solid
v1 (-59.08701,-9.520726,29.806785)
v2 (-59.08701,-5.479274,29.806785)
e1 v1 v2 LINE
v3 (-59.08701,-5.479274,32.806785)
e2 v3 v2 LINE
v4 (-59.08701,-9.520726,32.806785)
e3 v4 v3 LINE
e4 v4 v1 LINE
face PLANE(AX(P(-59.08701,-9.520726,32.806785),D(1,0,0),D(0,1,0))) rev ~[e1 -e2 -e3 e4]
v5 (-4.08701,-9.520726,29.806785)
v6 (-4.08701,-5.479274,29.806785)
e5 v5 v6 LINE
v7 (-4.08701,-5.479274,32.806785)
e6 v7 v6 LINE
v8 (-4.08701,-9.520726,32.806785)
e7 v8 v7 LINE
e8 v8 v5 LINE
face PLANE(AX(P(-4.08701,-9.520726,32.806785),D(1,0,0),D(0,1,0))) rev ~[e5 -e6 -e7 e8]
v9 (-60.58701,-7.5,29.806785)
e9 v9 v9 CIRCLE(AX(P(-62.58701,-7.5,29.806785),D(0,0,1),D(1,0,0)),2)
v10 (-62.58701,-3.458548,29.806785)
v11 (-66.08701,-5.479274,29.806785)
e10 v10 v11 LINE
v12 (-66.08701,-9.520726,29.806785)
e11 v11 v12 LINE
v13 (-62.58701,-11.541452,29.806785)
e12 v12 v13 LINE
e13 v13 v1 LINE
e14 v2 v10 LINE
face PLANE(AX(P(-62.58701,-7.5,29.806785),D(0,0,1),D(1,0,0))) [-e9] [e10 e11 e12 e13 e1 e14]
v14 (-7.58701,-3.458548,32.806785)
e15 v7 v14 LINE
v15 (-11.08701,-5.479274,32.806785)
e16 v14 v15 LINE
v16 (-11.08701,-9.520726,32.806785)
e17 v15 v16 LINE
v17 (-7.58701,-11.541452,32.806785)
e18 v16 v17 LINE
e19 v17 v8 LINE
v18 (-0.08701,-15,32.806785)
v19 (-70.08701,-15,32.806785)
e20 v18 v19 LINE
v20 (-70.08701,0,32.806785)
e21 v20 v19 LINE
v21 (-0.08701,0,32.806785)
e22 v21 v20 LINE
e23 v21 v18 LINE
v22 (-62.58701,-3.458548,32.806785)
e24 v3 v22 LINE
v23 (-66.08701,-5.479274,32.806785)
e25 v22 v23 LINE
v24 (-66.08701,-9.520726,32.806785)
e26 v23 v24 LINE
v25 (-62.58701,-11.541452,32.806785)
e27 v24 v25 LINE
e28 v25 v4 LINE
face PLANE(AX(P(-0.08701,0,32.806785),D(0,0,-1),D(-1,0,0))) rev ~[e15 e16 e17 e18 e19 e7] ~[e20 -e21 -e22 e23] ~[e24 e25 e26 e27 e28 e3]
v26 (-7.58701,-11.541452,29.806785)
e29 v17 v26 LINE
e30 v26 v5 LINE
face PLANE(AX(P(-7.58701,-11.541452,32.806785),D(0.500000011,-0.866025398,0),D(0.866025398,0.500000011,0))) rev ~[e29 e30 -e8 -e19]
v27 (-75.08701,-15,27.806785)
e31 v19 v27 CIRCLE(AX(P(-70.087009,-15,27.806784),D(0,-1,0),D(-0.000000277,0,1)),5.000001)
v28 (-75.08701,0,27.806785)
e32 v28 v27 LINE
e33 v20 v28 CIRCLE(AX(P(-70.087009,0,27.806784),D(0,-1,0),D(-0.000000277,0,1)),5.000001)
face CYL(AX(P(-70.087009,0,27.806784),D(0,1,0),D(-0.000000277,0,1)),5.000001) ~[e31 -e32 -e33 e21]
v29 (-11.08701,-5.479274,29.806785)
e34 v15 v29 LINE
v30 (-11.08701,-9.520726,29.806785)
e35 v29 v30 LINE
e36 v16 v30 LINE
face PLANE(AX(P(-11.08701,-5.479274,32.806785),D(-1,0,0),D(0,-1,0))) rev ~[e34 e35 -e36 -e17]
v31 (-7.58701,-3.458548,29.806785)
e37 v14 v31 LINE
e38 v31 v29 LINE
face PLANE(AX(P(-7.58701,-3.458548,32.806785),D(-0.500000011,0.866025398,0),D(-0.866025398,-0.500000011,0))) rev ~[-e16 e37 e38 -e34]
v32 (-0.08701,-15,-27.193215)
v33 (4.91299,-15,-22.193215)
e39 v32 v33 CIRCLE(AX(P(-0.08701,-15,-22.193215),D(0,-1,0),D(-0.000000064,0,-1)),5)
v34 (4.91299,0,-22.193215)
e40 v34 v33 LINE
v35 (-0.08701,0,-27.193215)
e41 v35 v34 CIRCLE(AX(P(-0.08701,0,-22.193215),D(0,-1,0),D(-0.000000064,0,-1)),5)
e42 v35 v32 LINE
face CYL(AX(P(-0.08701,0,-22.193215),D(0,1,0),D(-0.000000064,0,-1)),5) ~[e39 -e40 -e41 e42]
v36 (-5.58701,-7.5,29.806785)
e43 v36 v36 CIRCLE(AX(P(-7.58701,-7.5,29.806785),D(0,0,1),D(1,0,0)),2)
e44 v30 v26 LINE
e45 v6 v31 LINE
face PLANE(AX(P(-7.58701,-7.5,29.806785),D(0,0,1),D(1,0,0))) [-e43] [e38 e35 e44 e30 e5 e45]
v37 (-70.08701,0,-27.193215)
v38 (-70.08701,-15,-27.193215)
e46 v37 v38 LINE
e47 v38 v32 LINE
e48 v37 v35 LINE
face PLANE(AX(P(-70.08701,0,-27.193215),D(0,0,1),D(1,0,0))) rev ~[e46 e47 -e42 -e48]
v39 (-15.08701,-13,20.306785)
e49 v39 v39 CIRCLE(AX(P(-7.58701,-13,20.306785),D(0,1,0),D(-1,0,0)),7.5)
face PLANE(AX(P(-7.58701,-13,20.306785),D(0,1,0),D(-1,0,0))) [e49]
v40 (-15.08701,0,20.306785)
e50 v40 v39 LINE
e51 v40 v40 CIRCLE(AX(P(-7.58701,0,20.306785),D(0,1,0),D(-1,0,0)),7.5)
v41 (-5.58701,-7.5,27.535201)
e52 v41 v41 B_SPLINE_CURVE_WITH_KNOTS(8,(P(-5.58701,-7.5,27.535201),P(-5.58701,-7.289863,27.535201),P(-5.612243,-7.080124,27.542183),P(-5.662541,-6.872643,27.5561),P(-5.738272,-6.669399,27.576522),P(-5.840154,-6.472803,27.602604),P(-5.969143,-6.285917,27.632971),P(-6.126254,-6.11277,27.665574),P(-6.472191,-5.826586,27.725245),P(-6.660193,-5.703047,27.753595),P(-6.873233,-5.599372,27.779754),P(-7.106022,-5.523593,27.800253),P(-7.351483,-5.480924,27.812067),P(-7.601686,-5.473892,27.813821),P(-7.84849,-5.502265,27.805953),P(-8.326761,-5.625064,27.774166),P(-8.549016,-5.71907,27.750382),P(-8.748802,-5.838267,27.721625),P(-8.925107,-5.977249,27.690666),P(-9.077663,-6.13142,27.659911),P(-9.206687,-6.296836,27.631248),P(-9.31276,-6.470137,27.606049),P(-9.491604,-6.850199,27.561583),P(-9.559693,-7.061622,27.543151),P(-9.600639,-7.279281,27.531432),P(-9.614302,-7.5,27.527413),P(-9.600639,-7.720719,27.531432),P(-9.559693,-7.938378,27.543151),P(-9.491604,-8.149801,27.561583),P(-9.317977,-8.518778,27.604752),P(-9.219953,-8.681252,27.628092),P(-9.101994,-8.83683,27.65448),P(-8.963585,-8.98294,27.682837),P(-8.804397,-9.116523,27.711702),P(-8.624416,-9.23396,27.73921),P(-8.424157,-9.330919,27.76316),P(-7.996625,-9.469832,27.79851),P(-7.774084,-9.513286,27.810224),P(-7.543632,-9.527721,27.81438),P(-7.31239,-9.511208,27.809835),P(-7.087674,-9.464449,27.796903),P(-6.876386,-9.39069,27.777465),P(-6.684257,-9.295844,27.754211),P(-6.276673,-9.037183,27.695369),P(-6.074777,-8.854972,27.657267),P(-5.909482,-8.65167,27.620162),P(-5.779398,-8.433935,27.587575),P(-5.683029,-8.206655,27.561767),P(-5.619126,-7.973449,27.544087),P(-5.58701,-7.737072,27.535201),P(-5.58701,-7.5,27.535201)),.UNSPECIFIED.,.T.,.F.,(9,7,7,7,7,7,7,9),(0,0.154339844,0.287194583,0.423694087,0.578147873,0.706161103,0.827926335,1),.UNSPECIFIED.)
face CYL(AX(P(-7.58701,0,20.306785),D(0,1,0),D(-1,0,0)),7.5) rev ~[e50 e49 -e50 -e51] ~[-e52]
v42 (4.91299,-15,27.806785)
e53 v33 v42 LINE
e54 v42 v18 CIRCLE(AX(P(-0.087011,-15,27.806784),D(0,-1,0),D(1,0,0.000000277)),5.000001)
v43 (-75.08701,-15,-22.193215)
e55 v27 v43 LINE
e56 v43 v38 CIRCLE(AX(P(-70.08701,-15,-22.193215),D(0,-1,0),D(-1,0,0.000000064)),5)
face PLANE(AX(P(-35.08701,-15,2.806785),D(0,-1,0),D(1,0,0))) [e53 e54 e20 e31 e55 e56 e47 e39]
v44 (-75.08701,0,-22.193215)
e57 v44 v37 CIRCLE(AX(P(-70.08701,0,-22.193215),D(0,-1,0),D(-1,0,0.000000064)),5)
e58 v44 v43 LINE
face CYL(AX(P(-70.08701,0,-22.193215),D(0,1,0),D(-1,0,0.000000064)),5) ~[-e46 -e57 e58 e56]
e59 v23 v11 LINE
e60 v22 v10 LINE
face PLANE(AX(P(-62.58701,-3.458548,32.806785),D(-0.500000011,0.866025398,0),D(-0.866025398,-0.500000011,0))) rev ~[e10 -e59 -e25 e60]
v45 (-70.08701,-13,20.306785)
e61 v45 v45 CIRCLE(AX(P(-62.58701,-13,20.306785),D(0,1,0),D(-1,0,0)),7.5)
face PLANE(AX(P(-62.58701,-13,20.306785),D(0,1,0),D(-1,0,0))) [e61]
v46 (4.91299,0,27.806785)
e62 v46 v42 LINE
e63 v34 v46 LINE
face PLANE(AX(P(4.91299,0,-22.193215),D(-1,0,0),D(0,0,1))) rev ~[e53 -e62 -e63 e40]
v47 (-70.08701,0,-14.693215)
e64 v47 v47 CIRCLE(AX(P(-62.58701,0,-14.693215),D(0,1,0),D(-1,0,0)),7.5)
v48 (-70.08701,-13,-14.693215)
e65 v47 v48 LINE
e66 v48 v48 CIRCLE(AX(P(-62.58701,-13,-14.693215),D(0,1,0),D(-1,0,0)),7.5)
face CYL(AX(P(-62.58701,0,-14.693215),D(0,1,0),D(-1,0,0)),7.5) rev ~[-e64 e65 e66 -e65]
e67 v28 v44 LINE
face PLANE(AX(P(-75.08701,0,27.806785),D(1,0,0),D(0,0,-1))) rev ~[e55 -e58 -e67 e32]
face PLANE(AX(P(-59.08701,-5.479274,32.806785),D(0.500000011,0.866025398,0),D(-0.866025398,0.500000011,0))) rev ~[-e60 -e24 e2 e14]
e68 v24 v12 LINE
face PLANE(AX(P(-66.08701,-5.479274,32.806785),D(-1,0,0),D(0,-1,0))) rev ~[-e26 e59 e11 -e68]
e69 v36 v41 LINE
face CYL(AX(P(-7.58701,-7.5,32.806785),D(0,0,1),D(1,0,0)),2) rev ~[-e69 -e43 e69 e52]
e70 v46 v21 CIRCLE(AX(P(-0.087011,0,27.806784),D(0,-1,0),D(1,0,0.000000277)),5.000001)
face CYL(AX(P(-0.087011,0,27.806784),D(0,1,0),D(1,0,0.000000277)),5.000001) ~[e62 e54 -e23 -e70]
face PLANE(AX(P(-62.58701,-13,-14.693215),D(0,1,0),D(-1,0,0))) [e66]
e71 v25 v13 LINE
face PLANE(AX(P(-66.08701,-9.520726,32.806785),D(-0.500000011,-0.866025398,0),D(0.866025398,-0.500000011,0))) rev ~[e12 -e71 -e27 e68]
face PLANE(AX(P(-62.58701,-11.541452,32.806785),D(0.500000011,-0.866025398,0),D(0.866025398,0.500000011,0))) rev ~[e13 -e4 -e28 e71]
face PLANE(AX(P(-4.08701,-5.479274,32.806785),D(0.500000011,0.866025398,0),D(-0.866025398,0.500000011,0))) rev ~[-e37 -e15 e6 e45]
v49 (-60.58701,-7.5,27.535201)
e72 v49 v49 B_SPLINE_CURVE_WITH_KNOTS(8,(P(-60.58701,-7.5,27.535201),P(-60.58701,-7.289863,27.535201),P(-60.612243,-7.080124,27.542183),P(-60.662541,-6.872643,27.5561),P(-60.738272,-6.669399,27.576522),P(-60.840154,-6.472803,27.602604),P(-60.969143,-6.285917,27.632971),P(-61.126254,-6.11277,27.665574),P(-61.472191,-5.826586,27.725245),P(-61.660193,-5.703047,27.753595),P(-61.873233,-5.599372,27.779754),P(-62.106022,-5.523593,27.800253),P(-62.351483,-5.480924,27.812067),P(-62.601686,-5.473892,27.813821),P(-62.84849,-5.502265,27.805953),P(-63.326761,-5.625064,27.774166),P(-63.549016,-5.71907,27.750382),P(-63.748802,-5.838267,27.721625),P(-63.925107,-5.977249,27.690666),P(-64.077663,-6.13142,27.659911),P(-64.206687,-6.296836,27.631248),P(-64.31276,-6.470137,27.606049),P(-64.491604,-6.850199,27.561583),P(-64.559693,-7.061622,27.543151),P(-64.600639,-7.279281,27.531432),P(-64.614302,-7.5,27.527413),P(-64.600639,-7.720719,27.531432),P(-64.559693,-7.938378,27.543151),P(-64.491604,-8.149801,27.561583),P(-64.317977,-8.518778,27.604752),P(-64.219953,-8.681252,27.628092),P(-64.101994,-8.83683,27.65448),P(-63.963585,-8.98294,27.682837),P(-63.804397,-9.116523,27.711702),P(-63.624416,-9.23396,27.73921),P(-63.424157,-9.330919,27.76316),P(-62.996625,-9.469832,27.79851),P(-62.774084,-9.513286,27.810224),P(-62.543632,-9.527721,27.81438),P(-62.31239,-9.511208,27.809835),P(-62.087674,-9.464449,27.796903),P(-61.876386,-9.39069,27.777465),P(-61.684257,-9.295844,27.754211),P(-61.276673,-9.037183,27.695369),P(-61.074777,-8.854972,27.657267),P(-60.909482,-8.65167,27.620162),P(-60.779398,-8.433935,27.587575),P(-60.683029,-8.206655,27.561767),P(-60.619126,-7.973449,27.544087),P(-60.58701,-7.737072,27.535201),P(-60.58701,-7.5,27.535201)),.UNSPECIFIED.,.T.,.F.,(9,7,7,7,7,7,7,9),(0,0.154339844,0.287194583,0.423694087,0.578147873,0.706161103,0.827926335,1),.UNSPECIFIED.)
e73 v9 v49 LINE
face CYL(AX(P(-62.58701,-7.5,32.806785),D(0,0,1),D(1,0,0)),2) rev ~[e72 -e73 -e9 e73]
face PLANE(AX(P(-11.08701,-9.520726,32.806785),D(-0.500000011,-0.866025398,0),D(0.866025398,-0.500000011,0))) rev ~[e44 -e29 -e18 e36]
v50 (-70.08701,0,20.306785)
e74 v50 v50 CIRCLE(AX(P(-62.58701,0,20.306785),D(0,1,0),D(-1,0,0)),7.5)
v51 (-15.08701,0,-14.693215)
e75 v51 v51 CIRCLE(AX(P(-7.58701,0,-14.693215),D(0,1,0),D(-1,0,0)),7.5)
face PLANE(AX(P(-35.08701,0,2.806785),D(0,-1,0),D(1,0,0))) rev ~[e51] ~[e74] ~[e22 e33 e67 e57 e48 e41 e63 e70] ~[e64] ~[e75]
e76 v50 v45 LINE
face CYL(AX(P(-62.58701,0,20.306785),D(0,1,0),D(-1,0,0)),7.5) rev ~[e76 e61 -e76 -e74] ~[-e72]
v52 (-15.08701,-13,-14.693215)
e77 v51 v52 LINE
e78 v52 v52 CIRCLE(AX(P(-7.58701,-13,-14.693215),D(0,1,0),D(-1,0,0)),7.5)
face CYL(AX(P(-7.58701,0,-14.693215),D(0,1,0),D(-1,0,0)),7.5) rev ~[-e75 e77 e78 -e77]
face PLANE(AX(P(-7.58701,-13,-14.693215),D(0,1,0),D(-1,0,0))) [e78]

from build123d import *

# Parameters (mm, degrees)
F1_DEPTH = 15
F2_R     = 7.5
F3_DEPTH = 13
F4_R     = 2
F5_DEPTH = 6
F7_DEPTH = 3


with BuildPart() as f1:
    # F0 (on Front) → F1 (new body)
    with BuildSketch(Plane.XZ):
        with BuildLine():
            Line((-0.08701, 32.806785), (-70.08701, 32.806785))
            ThreePointArc((-70.08701, 32.806785), (-73.622544, 31.342318), (-75.08701, 27.806785))
            Line((-75.08701, 27.806785), (-75.08701, -22.193215))
            ThreePointArc((-75.08701, -22.193215), (-73.622544, -25.728749), (-70.08701, -27.193215))
            Line((-70.08701, -27.193215), (-0.08701, -27.193215))
            ThreePointArc((-0.08701, -27.193215), (3.448524, -25.728749), (4.91299, -22.193215))
            Line((4.91299, -22.193215), (4.91299, 27.806785))
            ThreePointArc((4.91299, 27.806785), (3.448524, 31.342318), (-0.08701, 32.806785))
        make_face()
    extrude(amount=F1_DEPTH)

    # F2 (on face) → F3 (cut)
    with BuildSketch(Plane(origin=(0, 0, 0), x_dir=(-1, 0, 0), z_dir=(0, 1, 0))):
        with Locations((7.58701, 20.306785)):
            Circle(F2_R)
        with Locations((62.58701, 20.306785)):
            Circle(F2_R)
        with Locations((62.58701, -14.693215)):
            Circle(F2_R)
        with Locations((7.58701, -14.693215)):
            Circle(F2_R)
    extrude(amount=-F3_DEPTH, mode=Mode.SUBTRACT)

    # F4 (on face) → F5 (cut)
    with BuildSketch(Plane.XY.offset(32.806785)):
        with Locations((-62.58701, -7.5)):
            Circle(F4_R)
        with Locations((-7.58701, -7.5)):
            Circle(F4_R)
    extrude(amount=-F5_DEPTH, mode=Mode.SUBTRACT)

    # F6 (on face) → F7 (cut)
    with BuildSketch(Plane.XY.offset(32.806785)):
        Polygon((-59.08701, -9.520726), (-59.08701, -5.479274), (-62.58701, -3.458548), (-66.08701, -5.479274), (-66.08701, -9.520726), (-62.58701, -11.541452), align=None)
        Polygon((-4.08701, -9.520726), (-4.08701, -5.479274), (-7.58701, -3.458548), (-11.08701, -5.479274), (-11.08701, -9.520726), (-7.58701, -11.541452), align=None)
    extrude(amount=-F7_DEPTH, mode=Mode.SUBTRACT)


solid = f1.part
